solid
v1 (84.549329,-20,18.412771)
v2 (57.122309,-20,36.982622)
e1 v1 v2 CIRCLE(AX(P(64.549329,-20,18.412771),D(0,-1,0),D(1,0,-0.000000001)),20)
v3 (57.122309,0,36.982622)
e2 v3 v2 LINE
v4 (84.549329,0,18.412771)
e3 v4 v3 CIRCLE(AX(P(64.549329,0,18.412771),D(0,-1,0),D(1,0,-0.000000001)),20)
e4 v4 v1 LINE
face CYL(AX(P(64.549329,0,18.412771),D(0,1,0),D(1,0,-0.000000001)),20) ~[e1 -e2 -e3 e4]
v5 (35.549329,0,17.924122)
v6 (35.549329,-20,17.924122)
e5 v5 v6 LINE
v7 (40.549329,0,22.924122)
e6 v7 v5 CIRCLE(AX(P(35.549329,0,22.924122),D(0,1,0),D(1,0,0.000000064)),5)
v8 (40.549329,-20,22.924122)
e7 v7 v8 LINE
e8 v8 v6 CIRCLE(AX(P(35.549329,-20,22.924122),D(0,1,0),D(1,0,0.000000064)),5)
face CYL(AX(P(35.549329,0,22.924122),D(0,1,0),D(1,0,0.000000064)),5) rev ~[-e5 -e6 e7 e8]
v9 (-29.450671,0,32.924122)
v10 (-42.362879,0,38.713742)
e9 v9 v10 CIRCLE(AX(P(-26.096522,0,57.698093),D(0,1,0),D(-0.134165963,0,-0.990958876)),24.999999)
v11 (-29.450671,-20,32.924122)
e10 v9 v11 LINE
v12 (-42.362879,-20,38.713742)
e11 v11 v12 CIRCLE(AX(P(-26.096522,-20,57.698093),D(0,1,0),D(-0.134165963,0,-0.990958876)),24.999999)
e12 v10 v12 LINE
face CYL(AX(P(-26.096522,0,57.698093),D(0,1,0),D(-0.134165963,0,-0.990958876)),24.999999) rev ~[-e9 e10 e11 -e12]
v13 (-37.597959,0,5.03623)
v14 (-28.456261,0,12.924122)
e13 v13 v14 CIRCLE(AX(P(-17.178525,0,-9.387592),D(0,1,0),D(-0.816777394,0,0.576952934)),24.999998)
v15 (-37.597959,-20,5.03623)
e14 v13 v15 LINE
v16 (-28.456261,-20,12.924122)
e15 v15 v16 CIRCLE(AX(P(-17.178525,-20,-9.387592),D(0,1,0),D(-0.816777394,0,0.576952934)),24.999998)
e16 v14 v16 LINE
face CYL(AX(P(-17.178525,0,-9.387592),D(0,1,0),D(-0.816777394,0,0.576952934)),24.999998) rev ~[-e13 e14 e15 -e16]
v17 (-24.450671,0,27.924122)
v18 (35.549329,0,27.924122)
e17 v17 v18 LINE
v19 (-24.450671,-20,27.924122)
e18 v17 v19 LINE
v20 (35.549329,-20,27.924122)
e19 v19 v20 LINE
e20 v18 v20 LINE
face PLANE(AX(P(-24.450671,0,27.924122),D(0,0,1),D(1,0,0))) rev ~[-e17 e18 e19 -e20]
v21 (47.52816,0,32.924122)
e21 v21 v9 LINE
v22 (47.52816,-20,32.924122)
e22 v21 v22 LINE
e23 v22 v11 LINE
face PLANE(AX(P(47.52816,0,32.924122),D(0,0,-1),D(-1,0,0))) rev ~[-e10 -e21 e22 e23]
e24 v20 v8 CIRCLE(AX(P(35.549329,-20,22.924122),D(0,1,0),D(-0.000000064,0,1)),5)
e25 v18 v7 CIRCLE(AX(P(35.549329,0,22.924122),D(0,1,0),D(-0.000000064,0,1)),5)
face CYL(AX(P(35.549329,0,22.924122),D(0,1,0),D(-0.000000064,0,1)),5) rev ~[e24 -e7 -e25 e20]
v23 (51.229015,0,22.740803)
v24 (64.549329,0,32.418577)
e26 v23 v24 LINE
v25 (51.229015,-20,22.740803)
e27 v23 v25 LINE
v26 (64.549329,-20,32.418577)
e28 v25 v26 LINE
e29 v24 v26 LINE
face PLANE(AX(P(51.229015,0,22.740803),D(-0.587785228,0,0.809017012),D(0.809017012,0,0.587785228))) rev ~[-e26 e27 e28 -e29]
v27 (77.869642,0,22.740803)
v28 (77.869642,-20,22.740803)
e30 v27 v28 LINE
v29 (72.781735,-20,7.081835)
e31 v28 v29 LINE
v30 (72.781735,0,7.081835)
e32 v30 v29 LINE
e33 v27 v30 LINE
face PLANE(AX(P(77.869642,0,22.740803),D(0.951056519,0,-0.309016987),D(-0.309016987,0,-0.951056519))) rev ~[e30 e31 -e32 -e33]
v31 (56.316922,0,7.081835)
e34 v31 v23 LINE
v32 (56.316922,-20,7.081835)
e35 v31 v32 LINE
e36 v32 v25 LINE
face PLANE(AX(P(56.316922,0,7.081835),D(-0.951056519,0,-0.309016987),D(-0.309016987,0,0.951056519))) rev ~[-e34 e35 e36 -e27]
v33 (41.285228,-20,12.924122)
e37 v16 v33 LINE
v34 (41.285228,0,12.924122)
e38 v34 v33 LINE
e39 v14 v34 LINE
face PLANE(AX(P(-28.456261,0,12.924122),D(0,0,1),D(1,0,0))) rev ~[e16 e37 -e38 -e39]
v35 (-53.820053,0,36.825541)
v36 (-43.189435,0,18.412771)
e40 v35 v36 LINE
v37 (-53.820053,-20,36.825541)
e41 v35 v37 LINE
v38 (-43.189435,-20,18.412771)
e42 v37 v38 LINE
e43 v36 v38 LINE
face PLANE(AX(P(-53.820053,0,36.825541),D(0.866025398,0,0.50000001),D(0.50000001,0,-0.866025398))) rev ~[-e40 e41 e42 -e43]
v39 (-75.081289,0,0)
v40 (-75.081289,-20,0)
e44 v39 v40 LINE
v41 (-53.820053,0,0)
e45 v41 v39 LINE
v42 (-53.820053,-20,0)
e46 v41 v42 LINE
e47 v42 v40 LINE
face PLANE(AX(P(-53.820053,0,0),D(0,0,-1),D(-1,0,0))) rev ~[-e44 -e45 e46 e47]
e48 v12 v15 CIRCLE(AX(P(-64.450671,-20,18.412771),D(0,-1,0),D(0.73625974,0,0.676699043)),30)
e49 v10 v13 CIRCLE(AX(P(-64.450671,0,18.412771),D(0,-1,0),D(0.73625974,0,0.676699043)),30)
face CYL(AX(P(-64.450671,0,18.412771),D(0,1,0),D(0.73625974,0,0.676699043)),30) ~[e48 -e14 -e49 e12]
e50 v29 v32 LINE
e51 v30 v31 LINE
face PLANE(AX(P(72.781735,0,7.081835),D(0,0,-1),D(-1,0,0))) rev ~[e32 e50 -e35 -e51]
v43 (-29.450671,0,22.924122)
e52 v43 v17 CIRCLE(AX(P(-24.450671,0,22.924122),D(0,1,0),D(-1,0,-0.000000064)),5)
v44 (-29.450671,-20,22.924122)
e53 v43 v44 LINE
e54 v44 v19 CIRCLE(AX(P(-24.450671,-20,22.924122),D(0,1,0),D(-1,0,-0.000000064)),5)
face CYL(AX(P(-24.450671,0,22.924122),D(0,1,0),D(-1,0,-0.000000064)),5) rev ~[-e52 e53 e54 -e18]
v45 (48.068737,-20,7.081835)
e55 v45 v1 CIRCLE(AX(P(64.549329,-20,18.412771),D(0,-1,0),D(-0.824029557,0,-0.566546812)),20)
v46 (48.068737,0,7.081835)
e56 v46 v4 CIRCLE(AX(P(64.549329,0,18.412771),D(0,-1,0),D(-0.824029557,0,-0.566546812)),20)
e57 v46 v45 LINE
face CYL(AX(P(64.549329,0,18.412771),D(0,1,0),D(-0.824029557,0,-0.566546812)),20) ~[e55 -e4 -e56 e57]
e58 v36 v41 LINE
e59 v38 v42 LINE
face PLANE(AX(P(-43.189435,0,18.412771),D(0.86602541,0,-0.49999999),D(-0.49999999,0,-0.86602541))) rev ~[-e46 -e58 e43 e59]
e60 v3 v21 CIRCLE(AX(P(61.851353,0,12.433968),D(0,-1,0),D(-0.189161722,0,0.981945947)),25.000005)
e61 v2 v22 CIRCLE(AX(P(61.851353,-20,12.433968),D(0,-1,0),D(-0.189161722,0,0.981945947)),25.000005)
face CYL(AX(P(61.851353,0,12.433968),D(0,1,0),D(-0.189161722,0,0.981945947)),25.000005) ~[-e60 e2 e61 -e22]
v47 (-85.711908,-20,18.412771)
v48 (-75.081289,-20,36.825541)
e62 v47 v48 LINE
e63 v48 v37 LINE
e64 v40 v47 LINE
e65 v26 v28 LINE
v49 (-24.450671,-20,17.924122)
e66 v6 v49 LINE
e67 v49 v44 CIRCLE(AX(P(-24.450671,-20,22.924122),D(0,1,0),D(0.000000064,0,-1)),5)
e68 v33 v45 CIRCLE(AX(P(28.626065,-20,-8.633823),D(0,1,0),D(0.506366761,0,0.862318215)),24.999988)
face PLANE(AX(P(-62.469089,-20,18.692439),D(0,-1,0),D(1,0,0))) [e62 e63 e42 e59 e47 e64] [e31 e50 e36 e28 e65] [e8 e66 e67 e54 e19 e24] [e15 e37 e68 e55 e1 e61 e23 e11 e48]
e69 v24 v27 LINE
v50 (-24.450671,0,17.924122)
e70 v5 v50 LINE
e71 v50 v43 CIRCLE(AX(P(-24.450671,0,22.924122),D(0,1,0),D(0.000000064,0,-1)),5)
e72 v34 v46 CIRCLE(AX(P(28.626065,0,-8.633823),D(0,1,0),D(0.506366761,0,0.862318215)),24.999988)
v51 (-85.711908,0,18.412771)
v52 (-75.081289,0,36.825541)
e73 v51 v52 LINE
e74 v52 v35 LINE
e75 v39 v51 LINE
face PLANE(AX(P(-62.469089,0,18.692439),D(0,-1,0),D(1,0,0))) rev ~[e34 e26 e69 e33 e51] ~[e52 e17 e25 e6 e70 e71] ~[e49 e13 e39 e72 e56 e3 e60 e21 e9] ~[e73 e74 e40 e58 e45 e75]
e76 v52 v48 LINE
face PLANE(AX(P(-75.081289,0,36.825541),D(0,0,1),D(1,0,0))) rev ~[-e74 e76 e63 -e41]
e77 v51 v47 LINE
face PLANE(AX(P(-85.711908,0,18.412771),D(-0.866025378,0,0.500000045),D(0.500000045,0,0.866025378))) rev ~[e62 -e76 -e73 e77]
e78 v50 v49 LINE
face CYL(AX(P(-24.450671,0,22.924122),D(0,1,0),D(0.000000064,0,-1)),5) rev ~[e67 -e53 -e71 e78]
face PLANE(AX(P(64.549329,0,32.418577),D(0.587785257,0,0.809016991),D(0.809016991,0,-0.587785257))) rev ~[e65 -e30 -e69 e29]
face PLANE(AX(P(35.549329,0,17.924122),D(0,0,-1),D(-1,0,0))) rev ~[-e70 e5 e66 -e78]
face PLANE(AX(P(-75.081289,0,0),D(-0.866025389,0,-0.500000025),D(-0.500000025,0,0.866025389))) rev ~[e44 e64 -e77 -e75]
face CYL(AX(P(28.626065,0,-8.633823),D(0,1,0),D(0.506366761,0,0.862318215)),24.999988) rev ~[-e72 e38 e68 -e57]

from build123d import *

# Parameters (mm, degrees)
F1_DEPTH = 20


with BuildPart() as f1:
    # F0 (on Front) → F1 (new body)
    with BuildSketch(Plane.XZ):
        with BuildLine():
            ThreePointArc((-34.957032, 12.924122), (-34.57753, 15.656792), (-34.450671, 18.412771))
            ThreePointArc((-34.450671, 18.412771), (-35.401535, 25.905946), (-38.19385, 32.924122))
            ThreePointArc((-38.19385, 32.924122), (-40.105644, 35.943306), (-42.362879, 38.713742))
            ThreePointArc((-42.362879, 38.713742), (-94.154828, 14.210027), (-37.597959, 5.03623))
            ThreePointArc((-37.597959, 5.03623), (-36.00278, 8.888199), (-34.957032, 12.924122))
        make_face()
        Polygon((-43.189435, 18.412771), (-53.820053, 0), (-75.081289, 0), (-85.711908, 18.412771), (-75.081289, 36.825541), (-53.820053, 36.825541), align=None, mode=Mode.SUBTRACT)
        with BuildLine():
            ThreePointArc((-38.19385, 32.924122), (-35.401535, 25.905946), (-34.450671, 18.412771))
            ThreePointArc((-34.450671, 18.412771), (-34.57753, 15.656792), (-34.957032, 12.924122))
            Line((-34.957032, 12.924122), (-28.456261, 12.924122))
            Line((-28.456261, 12.924122), (41.285228, 12.924122))
            Line((41.285228, 12.924122), (45.317201, 12.924122))
            ThreePointArc((45.317201, 12.924122), (45.257623, 23.688193), (50.78631, 32.924122))
            Line((50.78631, 32.924122), (47.52816, 32.924122))
            Line((47.52816, 32.924122), (-29.450671, 32.924122))
            Line((-29.450671, 32.924122), (-38.19385, 32.924122))
        make_face()
        with BuildLine():
            ThreePointArc((-29.450671, 22.924122), (-27.986205, 26.459656), (-24.450671, 27.924122))
            Line((-24.450671, 27.924122), (35.549329, 27.924122))
            ThreePointArc((35.549329, 27.924122), (39.084863, 26.459656), (40.549329, 22.924122))
            ThreePointArc((40.549329, 22.924122), (39.084863, 19.388588), (35.549329, 17.924122))
            Line((35.549329, 17.924122), (-24.450671, 17.924122))
            ThreePointArc((-24.450671, 17.924122), (-27.986205, 19.388588), (-29.450671, 22.924122))
        make_face(mode=Mode.SUBTRACT)
        with BuildLine():
            ThreePointArc((-42.362879, 38.713742), (-40.105644, 35.943306), (-38.19385, 32.924122))
            Line((-38.19385, 32.924122), (-29.450671, 32.924122))
            ThreePointArc((-29.450671, 32.924122), (-36.324963, 34.886277), (-42.362879, 38.713742))
        make_face()
        with BuildLine():
            Line((-28.456261, 12.924122), (-34.957032, 12.924122))
            ThreePointArc((-34.957032, 12.924122), (-36.00278, 8.888199), (-37.597959, 5.03623))
            ThreePointArc((-37.597959, 5.03623), (-33.510468, 9.540365), (-28.456261, 12.924122))
        make_face()
        with BuildLine():
            ThreePointArc((57.122309, 36.982622), (52.111497, 35.458639), (47.52816, 32.924122))
            Line((47.52816, 32.924122), (50.78631, 32.924122))
            ThreePointArc((50.78631, 32.924122), (53.76173, 35.254021), (57.122309, 36.982622))
        make_face()
        with BuildLine():
            Line((45.317201, 12.924122), (41.285228, 12.924122))
            ThreePointArc((41.285228, 12.924122), (44.94063, 10.309101), (48.068737, 7.081835))
            ThreePointArc((48.068737, 7.081835), (46.45561, 9.89119), (45.317201, 12.924122))
        make_face()
        with BuildLine():
            ThreePointArc((57.122309, 36.982622), (53.76173, 35.254021), (50.78631, 32.924122))
            ThreePointArc((50.78631, 32.924122), (45.257623, 23.688193), (45.317201, 12.924122))
            ThreePointArc((45.317201, 12.924122), (46.45561, 9.89119), (48.068737, 7.081835))
            ThreePointArc((48.068737, 7.081835), (70.481789, -0.687122), (84.549329, 18.412771))
            ThreePointArc((84.549329, 18.412771), (75.762259, 34.973876), (57.122309, 36.982622))
        make_face()
        Polygon((77.869642, 22.740803), (72.781735, 7.081835), (56.316922, 7.081835), (51.229015, 22.740803), (64.549329, 32.418577), align=None, mode=Mode.SUBTRACT)
    extrude(amount=F1_DEPTH)


solid = f1.part
